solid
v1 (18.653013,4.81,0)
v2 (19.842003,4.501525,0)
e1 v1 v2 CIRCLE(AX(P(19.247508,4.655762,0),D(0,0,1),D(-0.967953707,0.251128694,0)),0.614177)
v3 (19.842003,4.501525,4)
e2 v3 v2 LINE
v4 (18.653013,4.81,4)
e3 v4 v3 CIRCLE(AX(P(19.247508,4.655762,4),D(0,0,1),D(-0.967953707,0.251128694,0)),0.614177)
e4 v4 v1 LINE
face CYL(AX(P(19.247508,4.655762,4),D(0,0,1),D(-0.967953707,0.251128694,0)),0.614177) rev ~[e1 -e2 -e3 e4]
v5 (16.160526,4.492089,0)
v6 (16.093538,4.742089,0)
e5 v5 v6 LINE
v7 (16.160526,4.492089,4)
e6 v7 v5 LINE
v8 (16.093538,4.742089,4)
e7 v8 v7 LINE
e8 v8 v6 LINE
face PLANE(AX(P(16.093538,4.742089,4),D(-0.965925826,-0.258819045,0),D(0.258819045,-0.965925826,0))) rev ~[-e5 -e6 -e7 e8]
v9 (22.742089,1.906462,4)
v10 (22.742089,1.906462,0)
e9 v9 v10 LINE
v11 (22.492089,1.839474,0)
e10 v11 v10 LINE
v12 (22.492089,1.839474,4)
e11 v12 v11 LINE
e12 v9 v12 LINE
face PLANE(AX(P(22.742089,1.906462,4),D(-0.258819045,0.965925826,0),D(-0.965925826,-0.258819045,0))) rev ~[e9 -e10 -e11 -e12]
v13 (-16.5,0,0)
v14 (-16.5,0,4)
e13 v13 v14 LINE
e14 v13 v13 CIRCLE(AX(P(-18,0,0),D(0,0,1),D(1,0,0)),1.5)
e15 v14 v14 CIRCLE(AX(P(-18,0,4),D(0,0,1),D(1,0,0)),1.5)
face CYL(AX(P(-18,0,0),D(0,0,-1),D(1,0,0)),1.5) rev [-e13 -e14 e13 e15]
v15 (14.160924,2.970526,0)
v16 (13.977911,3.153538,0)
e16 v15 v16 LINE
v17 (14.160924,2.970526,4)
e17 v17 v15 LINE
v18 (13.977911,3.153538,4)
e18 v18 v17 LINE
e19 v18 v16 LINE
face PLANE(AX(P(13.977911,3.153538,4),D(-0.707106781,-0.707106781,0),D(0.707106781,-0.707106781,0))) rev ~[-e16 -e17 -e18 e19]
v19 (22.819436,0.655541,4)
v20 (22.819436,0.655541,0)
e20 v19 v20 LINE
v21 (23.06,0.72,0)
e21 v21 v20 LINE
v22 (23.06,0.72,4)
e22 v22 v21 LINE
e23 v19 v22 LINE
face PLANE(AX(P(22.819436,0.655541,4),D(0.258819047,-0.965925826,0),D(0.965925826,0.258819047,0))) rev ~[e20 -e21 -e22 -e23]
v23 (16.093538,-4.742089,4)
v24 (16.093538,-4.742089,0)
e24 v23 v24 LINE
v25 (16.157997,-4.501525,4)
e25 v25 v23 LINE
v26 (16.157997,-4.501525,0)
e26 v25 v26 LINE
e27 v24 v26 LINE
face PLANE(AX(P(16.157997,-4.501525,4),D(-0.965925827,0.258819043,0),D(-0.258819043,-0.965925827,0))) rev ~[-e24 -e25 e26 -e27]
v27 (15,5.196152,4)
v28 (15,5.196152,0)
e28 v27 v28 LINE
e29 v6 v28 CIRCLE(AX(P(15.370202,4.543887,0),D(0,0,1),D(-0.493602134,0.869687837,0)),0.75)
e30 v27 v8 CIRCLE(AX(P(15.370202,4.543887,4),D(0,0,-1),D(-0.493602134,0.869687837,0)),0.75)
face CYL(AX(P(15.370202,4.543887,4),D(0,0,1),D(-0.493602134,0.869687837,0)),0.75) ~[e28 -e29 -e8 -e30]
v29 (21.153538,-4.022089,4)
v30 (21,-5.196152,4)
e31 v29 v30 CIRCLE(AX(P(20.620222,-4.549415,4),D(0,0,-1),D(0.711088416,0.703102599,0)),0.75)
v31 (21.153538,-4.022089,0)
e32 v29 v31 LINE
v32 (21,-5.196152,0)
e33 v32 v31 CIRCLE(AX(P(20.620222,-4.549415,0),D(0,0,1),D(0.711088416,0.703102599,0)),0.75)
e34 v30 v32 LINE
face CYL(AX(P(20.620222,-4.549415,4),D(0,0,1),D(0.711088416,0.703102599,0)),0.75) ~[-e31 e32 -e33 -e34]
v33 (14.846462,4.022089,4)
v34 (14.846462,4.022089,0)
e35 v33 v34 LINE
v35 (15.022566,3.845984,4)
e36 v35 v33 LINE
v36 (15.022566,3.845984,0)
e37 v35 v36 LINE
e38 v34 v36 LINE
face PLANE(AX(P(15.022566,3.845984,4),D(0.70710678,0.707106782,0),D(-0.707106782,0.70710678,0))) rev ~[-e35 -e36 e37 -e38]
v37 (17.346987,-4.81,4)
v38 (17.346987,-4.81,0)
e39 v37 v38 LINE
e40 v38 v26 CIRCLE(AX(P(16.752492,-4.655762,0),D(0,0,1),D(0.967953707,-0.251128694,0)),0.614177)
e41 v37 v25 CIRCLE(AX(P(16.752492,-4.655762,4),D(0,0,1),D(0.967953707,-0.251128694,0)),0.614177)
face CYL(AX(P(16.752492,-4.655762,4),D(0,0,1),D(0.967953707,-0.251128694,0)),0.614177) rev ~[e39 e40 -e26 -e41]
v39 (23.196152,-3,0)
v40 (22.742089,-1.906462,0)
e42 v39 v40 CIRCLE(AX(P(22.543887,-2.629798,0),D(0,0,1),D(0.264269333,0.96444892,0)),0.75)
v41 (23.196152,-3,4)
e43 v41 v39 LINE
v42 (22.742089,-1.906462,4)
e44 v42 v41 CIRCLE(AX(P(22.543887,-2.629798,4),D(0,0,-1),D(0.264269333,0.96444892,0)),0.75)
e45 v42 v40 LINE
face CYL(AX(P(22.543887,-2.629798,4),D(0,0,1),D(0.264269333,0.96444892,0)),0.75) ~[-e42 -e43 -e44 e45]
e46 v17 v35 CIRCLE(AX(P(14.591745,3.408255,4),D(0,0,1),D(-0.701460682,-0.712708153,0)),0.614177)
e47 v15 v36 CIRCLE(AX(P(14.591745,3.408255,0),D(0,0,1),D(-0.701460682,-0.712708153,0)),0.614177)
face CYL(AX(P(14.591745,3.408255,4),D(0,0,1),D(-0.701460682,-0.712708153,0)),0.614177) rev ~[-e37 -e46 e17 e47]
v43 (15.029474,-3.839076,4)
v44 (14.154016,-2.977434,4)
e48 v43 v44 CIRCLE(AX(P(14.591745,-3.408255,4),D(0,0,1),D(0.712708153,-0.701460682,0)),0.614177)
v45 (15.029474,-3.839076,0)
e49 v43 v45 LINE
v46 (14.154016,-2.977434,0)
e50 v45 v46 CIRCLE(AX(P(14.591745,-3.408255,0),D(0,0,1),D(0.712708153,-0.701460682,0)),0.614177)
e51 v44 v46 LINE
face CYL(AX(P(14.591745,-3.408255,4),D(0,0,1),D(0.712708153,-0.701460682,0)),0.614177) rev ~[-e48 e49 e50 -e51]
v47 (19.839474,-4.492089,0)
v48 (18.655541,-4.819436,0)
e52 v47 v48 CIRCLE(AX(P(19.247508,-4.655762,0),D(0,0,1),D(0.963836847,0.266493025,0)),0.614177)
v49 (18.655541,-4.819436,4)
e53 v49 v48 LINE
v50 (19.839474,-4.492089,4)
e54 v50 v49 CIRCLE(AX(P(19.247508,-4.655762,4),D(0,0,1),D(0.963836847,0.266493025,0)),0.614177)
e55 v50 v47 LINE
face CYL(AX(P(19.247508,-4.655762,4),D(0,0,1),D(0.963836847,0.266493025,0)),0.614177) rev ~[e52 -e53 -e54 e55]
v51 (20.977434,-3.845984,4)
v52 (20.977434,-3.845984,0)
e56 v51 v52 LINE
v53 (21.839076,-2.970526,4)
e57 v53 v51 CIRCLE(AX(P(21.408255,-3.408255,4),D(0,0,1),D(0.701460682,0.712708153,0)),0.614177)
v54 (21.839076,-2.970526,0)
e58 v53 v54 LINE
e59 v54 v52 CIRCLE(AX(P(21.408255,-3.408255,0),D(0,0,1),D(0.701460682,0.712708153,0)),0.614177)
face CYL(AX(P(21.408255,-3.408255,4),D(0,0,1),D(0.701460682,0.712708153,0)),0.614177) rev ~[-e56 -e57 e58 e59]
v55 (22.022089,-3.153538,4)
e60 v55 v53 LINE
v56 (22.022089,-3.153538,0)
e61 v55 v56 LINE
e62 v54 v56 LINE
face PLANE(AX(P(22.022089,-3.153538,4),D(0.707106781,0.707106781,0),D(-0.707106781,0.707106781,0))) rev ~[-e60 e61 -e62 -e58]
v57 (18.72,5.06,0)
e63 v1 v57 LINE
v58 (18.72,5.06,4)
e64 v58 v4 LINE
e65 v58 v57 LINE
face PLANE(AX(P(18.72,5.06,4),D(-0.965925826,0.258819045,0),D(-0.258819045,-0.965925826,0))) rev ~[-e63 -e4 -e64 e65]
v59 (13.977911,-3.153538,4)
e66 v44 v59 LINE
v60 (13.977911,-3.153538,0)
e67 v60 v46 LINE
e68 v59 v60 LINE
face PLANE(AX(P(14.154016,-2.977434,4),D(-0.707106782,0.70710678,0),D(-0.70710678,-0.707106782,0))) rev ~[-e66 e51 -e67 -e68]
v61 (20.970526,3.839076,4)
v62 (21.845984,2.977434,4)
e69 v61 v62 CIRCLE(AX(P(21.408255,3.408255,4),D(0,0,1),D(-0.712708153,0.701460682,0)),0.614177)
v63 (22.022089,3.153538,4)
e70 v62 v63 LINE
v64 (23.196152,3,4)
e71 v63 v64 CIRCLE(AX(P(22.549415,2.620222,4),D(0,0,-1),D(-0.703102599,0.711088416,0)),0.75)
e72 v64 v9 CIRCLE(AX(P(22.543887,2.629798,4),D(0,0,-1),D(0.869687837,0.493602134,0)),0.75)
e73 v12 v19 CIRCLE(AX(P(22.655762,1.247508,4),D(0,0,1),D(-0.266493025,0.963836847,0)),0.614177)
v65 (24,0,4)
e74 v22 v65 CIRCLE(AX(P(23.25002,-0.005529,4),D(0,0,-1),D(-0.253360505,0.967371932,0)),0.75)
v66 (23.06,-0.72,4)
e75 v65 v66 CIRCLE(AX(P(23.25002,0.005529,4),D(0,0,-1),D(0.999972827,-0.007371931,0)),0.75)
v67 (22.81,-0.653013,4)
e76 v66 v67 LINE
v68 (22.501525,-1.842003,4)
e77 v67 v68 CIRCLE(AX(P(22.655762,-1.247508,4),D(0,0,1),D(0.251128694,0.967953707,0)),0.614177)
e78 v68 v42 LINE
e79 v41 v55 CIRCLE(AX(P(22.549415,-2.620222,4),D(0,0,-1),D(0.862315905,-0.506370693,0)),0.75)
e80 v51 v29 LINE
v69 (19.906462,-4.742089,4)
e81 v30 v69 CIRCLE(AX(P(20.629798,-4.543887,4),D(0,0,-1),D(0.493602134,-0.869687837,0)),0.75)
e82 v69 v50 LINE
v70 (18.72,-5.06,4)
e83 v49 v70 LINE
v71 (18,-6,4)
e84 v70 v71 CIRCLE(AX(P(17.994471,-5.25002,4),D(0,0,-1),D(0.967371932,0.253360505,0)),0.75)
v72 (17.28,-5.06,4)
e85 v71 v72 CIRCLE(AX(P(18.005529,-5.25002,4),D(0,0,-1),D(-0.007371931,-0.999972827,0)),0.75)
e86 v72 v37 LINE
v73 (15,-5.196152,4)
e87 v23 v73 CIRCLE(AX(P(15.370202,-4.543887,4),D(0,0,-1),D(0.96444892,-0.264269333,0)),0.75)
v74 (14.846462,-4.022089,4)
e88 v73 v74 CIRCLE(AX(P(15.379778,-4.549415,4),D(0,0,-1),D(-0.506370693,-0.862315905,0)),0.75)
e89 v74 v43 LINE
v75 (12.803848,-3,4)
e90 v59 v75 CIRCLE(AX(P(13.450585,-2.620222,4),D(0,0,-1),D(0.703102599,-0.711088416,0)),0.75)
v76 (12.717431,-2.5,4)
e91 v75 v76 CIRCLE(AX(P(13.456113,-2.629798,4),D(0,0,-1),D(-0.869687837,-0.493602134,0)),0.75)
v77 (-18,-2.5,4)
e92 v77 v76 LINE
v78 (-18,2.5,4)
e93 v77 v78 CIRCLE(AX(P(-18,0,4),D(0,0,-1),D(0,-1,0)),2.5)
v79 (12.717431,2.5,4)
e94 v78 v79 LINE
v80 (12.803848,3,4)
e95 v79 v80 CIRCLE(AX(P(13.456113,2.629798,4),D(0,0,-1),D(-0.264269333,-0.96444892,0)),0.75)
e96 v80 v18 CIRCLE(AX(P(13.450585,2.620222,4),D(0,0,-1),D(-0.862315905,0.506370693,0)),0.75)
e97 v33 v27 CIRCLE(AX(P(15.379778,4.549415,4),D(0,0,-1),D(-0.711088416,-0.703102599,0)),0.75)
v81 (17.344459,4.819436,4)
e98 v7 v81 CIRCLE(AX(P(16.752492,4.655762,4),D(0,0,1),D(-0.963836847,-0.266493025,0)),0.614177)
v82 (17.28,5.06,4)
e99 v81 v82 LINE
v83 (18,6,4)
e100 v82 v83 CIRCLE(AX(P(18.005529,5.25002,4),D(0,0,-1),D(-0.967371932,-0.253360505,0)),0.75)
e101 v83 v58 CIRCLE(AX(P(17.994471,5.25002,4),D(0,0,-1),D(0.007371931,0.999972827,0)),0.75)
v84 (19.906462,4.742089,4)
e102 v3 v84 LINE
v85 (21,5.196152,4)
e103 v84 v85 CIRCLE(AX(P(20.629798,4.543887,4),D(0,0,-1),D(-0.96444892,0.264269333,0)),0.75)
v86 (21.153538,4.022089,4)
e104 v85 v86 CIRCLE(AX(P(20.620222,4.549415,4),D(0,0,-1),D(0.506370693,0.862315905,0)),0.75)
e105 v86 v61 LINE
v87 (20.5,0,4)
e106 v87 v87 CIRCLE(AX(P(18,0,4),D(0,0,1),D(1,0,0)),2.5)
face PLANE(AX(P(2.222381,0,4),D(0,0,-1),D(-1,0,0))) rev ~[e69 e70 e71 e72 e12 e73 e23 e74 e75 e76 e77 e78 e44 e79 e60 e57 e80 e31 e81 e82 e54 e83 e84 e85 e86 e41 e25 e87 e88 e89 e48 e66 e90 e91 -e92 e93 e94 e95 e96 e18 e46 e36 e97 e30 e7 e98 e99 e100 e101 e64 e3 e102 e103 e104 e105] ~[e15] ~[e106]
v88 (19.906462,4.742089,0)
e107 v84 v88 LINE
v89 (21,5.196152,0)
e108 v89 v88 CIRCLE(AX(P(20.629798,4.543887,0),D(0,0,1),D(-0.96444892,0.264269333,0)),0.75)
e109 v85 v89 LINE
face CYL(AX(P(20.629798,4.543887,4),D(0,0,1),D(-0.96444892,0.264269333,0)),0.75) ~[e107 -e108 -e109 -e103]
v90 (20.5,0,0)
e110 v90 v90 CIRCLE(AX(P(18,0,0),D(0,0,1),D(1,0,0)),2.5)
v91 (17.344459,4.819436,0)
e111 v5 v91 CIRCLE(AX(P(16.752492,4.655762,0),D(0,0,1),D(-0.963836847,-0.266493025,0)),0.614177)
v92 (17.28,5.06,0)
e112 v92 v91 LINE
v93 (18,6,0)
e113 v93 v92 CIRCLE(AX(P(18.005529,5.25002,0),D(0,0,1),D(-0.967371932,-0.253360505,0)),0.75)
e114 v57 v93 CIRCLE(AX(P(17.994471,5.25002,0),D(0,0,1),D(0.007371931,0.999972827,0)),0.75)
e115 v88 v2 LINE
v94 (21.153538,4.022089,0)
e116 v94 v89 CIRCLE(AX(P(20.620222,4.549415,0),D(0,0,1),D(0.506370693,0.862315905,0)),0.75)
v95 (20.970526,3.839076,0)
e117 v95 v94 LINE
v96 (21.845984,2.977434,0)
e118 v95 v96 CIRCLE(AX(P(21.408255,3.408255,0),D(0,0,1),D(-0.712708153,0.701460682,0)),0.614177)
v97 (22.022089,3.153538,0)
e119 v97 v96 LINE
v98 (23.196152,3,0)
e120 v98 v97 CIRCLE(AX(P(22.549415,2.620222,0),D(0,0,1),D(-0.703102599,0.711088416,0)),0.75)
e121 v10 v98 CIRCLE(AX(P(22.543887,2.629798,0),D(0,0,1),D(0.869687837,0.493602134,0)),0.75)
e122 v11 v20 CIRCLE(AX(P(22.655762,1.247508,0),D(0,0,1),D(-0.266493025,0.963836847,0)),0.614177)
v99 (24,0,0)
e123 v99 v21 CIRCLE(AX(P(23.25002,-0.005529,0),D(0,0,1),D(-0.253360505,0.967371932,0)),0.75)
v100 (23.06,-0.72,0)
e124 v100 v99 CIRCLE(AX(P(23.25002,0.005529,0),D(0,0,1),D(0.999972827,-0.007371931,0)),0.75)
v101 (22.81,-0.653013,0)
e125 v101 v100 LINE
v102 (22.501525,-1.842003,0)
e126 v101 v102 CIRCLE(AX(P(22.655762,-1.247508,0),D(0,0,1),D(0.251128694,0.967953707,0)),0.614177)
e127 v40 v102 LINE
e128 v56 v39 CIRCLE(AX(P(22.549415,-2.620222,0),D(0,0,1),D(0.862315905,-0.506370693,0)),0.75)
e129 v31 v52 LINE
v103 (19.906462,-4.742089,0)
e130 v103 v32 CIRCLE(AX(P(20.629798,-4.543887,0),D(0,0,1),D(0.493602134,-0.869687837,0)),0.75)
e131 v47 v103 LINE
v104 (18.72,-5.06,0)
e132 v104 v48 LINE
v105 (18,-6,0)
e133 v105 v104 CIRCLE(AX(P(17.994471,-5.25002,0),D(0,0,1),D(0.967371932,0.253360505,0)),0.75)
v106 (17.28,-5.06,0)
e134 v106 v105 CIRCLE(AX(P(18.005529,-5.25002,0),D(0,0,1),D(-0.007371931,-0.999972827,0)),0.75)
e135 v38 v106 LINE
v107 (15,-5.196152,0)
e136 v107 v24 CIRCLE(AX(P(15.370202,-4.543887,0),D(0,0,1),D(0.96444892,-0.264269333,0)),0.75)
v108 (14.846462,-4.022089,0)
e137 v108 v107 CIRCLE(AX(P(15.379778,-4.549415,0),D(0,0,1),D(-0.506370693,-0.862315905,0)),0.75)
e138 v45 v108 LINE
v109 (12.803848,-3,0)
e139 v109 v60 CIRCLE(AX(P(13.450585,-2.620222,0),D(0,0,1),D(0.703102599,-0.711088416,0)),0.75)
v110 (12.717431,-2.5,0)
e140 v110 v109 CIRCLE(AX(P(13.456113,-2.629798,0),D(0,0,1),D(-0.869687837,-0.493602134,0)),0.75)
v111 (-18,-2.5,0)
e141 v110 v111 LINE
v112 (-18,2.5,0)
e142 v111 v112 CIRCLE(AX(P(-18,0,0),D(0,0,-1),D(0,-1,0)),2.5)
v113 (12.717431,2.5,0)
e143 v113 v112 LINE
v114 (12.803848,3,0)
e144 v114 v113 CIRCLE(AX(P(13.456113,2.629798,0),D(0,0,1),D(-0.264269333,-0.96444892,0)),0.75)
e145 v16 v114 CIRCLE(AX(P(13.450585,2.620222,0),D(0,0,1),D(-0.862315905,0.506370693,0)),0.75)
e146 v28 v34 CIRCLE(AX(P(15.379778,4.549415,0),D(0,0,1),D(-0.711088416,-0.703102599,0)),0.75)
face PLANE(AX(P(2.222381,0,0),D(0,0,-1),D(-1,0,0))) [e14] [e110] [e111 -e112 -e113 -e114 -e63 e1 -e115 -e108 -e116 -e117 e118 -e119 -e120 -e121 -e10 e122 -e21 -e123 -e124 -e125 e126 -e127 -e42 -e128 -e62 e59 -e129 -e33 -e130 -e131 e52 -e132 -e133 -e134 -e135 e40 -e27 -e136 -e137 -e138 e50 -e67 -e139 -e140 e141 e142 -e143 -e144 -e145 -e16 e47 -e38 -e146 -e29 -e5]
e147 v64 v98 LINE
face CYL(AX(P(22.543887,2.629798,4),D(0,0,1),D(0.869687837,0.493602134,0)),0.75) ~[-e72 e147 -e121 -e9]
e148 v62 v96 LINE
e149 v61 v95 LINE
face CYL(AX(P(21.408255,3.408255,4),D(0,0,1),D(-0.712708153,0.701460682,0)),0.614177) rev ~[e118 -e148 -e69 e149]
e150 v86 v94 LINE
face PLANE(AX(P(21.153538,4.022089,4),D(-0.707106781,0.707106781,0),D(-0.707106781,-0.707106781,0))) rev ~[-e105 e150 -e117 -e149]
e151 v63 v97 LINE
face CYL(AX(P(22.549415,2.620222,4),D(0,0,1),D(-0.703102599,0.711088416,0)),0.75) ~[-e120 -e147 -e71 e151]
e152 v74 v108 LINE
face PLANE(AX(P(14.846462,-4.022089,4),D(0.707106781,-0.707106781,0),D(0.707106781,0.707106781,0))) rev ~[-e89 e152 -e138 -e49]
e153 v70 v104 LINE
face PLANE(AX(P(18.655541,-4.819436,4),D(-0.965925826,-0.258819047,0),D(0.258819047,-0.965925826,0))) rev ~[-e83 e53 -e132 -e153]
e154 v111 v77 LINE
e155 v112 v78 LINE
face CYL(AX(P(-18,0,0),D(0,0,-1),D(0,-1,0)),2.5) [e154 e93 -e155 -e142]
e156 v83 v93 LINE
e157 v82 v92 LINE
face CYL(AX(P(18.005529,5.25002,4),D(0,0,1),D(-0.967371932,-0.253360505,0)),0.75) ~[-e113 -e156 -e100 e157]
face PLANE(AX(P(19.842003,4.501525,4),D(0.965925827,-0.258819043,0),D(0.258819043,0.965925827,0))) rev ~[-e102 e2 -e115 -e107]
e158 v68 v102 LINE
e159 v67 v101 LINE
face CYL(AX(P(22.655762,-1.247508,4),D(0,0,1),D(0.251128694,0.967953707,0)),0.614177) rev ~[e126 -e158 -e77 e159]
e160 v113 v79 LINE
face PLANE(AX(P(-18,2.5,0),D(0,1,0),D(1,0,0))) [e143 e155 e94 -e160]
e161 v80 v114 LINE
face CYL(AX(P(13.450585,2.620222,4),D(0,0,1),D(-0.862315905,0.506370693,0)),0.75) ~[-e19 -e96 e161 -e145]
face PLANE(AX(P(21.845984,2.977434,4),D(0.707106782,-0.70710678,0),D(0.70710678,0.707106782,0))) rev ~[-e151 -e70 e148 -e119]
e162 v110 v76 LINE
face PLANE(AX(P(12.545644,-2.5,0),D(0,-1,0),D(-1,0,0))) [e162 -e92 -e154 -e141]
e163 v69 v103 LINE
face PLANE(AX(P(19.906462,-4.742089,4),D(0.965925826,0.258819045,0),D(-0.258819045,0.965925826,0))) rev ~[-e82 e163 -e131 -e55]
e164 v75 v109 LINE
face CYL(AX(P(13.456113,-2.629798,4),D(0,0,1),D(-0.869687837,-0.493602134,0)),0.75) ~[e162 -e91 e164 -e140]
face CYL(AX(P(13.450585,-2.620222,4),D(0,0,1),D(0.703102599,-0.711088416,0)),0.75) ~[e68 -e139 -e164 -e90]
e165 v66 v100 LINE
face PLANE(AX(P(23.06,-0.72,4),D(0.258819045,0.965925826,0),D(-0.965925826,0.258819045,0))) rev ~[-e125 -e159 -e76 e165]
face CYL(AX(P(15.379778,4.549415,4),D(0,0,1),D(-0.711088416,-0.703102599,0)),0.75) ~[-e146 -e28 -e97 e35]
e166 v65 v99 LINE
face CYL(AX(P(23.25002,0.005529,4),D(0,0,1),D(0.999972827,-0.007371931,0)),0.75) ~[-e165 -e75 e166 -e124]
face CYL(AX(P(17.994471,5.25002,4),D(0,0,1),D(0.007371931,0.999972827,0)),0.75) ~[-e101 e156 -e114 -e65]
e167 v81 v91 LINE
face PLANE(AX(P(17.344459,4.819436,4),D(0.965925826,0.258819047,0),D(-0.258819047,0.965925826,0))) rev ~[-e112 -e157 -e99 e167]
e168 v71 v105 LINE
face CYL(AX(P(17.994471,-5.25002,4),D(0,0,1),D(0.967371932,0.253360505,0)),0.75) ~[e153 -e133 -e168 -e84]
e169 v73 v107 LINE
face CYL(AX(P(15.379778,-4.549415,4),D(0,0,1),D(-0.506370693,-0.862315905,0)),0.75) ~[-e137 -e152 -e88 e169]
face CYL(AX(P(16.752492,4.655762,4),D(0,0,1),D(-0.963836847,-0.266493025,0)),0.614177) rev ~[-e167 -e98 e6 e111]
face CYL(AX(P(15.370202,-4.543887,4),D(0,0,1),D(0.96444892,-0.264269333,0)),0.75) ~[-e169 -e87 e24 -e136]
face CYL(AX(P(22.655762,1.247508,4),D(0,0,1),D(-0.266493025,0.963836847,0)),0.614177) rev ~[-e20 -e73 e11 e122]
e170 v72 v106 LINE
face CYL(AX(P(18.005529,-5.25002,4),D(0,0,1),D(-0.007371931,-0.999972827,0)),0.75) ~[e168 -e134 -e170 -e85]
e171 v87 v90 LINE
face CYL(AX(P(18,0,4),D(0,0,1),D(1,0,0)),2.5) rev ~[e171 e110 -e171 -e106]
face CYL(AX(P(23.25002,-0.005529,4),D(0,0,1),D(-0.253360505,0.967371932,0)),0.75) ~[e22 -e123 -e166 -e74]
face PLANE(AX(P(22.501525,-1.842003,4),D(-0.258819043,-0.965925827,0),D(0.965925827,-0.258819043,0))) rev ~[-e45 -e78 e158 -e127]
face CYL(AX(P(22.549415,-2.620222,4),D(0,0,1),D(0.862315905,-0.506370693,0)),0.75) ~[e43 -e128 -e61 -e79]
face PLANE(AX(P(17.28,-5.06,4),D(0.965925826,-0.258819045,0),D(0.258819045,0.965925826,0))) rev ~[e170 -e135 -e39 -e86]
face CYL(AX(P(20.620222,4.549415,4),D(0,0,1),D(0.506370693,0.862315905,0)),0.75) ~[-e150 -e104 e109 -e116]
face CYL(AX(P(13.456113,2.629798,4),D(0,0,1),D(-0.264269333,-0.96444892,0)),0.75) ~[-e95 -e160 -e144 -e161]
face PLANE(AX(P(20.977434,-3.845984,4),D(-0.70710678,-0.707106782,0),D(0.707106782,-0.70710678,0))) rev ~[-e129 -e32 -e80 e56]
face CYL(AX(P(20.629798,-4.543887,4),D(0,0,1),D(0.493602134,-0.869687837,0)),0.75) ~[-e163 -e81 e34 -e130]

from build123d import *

# Parameters (mm, degrees)
SKETCH1_R           = 1.5
BOSS_EXTRUDE1_DEPTH = 4
CUT_EXTRUDE2_DEPTH  = 5
CIRPATTERN1_COUNT   = 12
SKETCH3_W           = 7.863082298
SKETCH3_H           = 5
BOSS_EXTRUDE2_DEPTH = 4
SKETCH4_R           = 2.5
CUT_EXTRUDE3_DEPTH  = 5


with BuildPart() as part:
    # Sketch1 → Boss-Extrude1 (new body)
    with BuildSketch(Plane.XY):
        with BuildLine():
            Line((-18, 2.5), (12.545643943, 2.5))
            ThreePointArc((12.545643943, 2.5), (24, 0), (12.545643943, -2.5))
            Line((12.545643943, -2.5), (-18, -2.5))
            ThreePointArc((-18, -2.5), (-20.5, 0), (-18, 2.5))
        make_face()
        with Locations((-18, 0)):
            Circle(SKETCH1_R, mode=Mode.SUBTRACT)
    extrude(amount=BOSS_EXTRUDE1_DEPTH)

    # Sketch2 → Cut-Extrude2 (cut, through all)
    with BuildSketch(Plane.XY.offset(4)):
        with BuildLine():
            Line((18.72, 5.06), (18.653012702, 4.81))
            ThreePointArc((18.653012702, 4.81), (19.09327028, 4.061267387), (19.842002893, 4.501524965))
            Line((19.842002893, 4.501524965), (19.906461709, 4.742088543))
            ThreePointArc((19.906461709, 4.742088543), (20.342188248, 5.236548367), (21, 5.196152423))
            ThreePointArc((21, 5.196152423), (19.615923505, 6.030708621), (18, 6))
            ThreePointArc((18, 6), (18.589879661, 5.706078038), (18.72, 5.06))
        make_face()
    cut_extrude2 = extrude(amount=-CUT_EXTRUDE2_DEPTH, mode=Mode.SUBTRACT)

    # CirPattern1: Cut-Extrude2 ×12 about axis
    cirpattern1_axis = Axis((18, 0, 0), (0, 0, 1))
    for i in range(1, CIRPATTERN1_COUNT):
        add(cut_extrude2.rotate(cirpattern1_axis, i * 360 / CIRPATTERN1_COUNT), mode=Mode.SUBTRACT)

    # Sketch3 → Boss-Extrude2 (add)
    with BuildSketch(Plane.XY.offset(4)):
        with Locations((12.029323846, 0)):
            Rectangle(SKETCH3_W, SKETCH3_H)
    extrude(amount=-BOSS_EXTRUDE2_DEPTH)

    # Sketch4 → Cut-Extrude3 (cut, through all)
    with BuildSketch(Plane.XY.offset(4)):
        with Locations((18, 0)):
            Circle(SKETCH4_R)
    extrude(amount=-CUT_EXTRUDE3_DEPTH, mode=Mode.SUBTRACT)


solid = part.part
